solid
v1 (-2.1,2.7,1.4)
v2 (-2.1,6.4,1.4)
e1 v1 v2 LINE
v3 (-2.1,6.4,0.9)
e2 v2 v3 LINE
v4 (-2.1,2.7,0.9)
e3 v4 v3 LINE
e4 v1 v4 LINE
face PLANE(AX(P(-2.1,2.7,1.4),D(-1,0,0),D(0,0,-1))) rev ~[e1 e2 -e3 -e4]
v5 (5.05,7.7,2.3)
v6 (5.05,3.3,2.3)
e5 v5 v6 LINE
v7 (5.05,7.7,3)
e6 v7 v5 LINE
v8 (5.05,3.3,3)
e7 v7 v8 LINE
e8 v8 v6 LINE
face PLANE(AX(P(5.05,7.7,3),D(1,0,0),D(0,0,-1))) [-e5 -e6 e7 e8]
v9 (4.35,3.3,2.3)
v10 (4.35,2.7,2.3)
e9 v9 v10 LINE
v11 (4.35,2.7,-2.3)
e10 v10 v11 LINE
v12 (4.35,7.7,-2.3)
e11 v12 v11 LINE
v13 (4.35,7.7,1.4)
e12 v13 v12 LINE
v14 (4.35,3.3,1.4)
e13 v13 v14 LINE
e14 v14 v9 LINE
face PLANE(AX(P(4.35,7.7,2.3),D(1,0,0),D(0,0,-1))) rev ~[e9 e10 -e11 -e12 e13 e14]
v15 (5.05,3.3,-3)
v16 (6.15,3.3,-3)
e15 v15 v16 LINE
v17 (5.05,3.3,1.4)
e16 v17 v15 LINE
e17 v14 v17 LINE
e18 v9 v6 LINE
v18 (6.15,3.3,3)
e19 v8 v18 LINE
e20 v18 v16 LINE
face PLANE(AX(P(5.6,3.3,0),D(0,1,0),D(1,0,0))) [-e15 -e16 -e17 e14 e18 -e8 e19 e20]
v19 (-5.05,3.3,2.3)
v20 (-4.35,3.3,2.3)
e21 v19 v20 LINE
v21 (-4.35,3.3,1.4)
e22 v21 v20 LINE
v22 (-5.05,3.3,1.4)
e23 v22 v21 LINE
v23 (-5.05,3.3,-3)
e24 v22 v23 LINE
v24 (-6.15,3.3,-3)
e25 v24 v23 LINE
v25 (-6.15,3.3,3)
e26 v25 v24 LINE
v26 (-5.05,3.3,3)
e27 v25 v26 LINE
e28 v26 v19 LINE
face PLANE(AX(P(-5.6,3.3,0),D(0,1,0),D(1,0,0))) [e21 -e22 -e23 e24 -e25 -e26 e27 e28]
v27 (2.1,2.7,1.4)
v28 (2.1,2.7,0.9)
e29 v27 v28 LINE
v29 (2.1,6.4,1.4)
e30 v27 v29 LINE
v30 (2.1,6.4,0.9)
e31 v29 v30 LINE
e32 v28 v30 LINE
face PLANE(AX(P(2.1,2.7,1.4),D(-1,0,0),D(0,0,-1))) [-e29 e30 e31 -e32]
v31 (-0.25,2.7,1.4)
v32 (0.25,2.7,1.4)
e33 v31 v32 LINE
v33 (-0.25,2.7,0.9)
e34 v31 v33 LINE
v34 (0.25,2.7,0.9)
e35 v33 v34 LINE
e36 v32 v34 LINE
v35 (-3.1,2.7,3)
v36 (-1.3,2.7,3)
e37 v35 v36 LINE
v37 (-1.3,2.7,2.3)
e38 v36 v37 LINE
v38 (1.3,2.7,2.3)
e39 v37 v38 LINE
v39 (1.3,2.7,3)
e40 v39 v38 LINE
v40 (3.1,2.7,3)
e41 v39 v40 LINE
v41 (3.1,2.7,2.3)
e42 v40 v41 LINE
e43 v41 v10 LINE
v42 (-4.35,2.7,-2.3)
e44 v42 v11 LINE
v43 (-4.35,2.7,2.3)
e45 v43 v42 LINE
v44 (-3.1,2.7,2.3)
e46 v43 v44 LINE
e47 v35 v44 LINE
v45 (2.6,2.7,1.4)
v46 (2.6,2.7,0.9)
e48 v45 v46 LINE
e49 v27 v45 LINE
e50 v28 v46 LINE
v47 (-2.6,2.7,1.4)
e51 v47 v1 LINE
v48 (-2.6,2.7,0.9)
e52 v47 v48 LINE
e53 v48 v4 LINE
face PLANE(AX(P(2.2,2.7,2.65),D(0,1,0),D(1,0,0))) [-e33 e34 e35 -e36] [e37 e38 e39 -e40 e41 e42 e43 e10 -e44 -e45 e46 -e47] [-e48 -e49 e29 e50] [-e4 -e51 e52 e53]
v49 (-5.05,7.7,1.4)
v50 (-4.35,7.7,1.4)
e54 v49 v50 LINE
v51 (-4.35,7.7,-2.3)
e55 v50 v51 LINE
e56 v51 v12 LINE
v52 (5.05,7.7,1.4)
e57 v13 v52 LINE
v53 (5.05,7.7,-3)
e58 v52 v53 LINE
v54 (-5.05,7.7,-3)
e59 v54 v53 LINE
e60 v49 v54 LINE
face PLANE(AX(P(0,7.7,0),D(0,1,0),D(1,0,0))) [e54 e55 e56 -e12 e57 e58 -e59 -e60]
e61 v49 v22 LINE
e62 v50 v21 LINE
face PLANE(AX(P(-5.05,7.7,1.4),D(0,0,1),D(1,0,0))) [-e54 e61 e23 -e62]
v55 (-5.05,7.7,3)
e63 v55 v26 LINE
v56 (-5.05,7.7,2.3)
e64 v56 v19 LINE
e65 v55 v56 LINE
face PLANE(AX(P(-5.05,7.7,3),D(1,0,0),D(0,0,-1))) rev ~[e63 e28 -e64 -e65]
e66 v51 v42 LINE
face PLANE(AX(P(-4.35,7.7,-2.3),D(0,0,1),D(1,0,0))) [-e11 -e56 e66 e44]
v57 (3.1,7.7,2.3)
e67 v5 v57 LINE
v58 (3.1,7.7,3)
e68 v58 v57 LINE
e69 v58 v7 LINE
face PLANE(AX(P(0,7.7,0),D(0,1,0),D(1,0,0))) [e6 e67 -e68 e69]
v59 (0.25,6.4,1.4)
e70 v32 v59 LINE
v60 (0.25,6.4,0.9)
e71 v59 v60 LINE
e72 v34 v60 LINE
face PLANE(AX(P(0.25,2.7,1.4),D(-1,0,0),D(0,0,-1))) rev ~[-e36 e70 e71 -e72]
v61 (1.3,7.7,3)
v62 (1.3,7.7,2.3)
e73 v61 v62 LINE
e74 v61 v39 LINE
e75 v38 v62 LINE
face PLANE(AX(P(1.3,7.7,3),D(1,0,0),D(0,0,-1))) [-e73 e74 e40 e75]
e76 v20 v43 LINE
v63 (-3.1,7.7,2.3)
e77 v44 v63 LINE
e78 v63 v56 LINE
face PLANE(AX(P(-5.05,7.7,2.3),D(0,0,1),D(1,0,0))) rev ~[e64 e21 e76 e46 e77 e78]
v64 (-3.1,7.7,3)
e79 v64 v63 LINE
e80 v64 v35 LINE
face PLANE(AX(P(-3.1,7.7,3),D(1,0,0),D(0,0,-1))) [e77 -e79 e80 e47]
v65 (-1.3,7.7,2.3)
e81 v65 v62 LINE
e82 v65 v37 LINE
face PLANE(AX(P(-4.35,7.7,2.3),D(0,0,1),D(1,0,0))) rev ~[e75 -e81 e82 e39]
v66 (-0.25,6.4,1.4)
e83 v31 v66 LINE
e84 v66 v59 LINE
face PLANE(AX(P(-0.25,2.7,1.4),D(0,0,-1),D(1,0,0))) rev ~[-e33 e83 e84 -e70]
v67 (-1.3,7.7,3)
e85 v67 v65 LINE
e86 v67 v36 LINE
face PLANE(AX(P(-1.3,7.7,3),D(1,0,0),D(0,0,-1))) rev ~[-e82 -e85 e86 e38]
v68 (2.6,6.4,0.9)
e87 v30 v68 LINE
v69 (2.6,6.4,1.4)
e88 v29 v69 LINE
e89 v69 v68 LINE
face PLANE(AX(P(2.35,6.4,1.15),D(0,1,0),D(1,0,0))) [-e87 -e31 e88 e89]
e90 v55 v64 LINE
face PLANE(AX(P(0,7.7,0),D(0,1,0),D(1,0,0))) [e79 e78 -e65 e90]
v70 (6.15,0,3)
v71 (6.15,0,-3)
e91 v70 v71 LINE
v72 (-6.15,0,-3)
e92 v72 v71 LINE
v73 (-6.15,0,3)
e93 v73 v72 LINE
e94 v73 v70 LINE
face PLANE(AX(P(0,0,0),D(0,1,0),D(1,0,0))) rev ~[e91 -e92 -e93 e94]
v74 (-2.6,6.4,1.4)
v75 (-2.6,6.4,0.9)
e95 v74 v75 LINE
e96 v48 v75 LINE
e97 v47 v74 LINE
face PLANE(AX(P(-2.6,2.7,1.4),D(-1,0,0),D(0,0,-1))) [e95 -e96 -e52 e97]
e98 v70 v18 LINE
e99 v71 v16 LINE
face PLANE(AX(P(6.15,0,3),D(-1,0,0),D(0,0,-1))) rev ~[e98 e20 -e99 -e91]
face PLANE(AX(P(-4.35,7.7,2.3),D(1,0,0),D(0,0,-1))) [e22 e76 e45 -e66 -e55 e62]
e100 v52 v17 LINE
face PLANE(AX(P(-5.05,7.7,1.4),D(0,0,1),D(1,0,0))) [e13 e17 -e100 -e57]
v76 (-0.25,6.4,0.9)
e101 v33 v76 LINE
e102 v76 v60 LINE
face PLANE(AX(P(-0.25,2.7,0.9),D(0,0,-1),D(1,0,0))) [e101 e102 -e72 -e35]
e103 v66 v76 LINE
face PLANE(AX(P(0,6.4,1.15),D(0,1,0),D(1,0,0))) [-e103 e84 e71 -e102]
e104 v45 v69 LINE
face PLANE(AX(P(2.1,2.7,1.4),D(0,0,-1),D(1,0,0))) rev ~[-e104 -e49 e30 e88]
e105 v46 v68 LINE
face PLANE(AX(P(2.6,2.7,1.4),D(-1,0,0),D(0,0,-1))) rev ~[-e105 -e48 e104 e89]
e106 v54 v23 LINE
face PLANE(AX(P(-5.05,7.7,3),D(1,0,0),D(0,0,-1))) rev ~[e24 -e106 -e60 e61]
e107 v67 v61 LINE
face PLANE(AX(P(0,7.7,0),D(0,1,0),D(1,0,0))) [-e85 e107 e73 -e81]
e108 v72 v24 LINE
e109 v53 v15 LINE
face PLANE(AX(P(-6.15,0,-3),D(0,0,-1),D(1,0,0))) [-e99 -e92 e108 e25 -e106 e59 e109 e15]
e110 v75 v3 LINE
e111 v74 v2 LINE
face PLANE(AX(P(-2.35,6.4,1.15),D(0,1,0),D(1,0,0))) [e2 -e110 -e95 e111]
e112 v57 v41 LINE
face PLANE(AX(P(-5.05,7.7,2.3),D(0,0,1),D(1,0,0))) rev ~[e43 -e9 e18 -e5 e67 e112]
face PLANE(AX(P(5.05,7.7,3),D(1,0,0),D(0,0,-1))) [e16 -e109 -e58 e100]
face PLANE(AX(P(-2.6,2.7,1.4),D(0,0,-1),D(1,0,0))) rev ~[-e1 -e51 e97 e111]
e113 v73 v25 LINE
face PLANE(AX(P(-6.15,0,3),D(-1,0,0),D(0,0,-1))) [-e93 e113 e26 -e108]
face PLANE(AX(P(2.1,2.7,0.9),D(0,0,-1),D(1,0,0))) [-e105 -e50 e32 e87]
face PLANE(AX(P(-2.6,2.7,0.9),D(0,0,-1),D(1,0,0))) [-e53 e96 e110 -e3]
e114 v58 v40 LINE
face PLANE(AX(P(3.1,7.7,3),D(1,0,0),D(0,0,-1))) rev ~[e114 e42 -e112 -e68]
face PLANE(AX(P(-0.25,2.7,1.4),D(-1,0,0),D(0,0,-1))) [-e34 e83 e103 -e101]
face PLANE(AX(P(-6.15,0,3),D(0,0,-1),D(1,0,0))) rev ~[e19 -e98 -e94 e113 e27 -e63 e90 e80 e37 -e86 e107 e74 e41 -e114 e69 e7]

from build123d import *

# Parameters (mm, degrees)
SKETCH1_W           = 12.3
SKETCH1_H           = 6
BOSS_EXTRUDE1_DEPTH = 7.7
SKETCH2_W           = 8.7
SKETCH2_H           = 4.6
CUT_EXTRUDE1_DEPTH  = 5
SKETCH3_W           = 1.1
SKETCH3_H           = 6
CUT_EXTRUDE2_DEPTH  = 4.4
SKETCH4_W           = 1.8
SKETCH4_H           = 0.7
CUT_EXTRUDE3_DEPTH  = 5
SKETCH5_W           = 10.1
SKETCH5_H           = 0.9
CUT_EXTRUDE4_DEPTH  = 4.4
SKETCH6_W           = 0.5
SKETCH6_H           = 0.5
BOSS_EXTRUDE2_DEPTH = 3.7


with BuildPart() as part:
    # Sketch1 → Boss-Extrude1 (new body)
    with BuildSketch(Plane(origin=(0, 0, 0), x_dir=(1, 0, 0), z_dir=(0, 1, 0))):
        Rectangle(SKETCH1_W, SKETCH1_H)
    extrude(amount=BOSS_EXTRUDE1_DEPTH)

    # Sketch2 → Cut-Extrude1 (cut)
    with BuildSketch(Plane(origin=(0, 7.7, 0), x_dir=(1, 0, 0), z_dir=(0, 1, 0))):
        Rectangle(SKETCH2_W, SKETCH2_H)
    extrude(amount=-CUT_EXTRUDE1_DEPTH, mode=Mode.SUBTRACT)

    # Sketch3 → Cut-Extrude2 (cut)
    with BuildSketch(Plane(origin=(0, 7.7, 0), x_dir=(1, 0, 0), z_dir=(0, 1, 0))):
        with Locations((-5.6, 0)):
            Rectangle(SKETCH3_W, SKETCH3_H)
        with Locations((5.6, 0)):
            Rectangle(SKETCH3_W, SKETCH3_H)
    extrude(amount=-CUT_EXTRUDE2_DEPTH, mode=Mode.SUBTRACT)

    # Sketch4 → Cut-Extrude3 (cut)
    with BuildSketch(Plane(origin=(0, 7.7, 0), x_dir=(1, 0, 0), z_dir=(0, 1, 0))):
        with Locations((-2.2, -2.65)):
            Rectangle(SKETCH4_W, SKETCH4_H)
        with Locations((2.2, -2.65)):
            Rectangle(SKETCH4_W, SKETCH4_H)
    extrude(amount=-CUT_EXTRUDE3_DEPTH, mode=Mode.SUBTRACT)

    # Sketch5 → Cut-Extrude4 (cut)
    with BuildSketch(Plane(origin=(0, 7.7, 0), x_dir=(1, 0, 0), z_dir=(0, 1, 0))):
        with Locations((0, -1.85)):
            Rectangle(SKETCH5_W, SKETCH5_H)
    extrude(amount=-CUT_EXTRUDE4_DEPTH, mode=Mode.SUBTRACT)

    # Sketch6 → Boss-Extrude2 (add)
    with BuildSketch(Plane(origin=(0, 2.7, 0), x_dir=(1, 0, 0), z_dir=(0, 1, 0))):
        with Locations((0, -1.15)):
            Rectangle(SKETCH6_W, SKETCH6_H)
        with Locations((-2.35, -1.15)):
            Rectangle(SKETCH6_W, SKETCH6_H)
        with Locations((2.35, -1.15)):
            Rectangle(SKETCH6_W, SKETCH6_H)
    extrude(amount=BOSS_EXTRUDE2_DEPTH)


solid = part.part
